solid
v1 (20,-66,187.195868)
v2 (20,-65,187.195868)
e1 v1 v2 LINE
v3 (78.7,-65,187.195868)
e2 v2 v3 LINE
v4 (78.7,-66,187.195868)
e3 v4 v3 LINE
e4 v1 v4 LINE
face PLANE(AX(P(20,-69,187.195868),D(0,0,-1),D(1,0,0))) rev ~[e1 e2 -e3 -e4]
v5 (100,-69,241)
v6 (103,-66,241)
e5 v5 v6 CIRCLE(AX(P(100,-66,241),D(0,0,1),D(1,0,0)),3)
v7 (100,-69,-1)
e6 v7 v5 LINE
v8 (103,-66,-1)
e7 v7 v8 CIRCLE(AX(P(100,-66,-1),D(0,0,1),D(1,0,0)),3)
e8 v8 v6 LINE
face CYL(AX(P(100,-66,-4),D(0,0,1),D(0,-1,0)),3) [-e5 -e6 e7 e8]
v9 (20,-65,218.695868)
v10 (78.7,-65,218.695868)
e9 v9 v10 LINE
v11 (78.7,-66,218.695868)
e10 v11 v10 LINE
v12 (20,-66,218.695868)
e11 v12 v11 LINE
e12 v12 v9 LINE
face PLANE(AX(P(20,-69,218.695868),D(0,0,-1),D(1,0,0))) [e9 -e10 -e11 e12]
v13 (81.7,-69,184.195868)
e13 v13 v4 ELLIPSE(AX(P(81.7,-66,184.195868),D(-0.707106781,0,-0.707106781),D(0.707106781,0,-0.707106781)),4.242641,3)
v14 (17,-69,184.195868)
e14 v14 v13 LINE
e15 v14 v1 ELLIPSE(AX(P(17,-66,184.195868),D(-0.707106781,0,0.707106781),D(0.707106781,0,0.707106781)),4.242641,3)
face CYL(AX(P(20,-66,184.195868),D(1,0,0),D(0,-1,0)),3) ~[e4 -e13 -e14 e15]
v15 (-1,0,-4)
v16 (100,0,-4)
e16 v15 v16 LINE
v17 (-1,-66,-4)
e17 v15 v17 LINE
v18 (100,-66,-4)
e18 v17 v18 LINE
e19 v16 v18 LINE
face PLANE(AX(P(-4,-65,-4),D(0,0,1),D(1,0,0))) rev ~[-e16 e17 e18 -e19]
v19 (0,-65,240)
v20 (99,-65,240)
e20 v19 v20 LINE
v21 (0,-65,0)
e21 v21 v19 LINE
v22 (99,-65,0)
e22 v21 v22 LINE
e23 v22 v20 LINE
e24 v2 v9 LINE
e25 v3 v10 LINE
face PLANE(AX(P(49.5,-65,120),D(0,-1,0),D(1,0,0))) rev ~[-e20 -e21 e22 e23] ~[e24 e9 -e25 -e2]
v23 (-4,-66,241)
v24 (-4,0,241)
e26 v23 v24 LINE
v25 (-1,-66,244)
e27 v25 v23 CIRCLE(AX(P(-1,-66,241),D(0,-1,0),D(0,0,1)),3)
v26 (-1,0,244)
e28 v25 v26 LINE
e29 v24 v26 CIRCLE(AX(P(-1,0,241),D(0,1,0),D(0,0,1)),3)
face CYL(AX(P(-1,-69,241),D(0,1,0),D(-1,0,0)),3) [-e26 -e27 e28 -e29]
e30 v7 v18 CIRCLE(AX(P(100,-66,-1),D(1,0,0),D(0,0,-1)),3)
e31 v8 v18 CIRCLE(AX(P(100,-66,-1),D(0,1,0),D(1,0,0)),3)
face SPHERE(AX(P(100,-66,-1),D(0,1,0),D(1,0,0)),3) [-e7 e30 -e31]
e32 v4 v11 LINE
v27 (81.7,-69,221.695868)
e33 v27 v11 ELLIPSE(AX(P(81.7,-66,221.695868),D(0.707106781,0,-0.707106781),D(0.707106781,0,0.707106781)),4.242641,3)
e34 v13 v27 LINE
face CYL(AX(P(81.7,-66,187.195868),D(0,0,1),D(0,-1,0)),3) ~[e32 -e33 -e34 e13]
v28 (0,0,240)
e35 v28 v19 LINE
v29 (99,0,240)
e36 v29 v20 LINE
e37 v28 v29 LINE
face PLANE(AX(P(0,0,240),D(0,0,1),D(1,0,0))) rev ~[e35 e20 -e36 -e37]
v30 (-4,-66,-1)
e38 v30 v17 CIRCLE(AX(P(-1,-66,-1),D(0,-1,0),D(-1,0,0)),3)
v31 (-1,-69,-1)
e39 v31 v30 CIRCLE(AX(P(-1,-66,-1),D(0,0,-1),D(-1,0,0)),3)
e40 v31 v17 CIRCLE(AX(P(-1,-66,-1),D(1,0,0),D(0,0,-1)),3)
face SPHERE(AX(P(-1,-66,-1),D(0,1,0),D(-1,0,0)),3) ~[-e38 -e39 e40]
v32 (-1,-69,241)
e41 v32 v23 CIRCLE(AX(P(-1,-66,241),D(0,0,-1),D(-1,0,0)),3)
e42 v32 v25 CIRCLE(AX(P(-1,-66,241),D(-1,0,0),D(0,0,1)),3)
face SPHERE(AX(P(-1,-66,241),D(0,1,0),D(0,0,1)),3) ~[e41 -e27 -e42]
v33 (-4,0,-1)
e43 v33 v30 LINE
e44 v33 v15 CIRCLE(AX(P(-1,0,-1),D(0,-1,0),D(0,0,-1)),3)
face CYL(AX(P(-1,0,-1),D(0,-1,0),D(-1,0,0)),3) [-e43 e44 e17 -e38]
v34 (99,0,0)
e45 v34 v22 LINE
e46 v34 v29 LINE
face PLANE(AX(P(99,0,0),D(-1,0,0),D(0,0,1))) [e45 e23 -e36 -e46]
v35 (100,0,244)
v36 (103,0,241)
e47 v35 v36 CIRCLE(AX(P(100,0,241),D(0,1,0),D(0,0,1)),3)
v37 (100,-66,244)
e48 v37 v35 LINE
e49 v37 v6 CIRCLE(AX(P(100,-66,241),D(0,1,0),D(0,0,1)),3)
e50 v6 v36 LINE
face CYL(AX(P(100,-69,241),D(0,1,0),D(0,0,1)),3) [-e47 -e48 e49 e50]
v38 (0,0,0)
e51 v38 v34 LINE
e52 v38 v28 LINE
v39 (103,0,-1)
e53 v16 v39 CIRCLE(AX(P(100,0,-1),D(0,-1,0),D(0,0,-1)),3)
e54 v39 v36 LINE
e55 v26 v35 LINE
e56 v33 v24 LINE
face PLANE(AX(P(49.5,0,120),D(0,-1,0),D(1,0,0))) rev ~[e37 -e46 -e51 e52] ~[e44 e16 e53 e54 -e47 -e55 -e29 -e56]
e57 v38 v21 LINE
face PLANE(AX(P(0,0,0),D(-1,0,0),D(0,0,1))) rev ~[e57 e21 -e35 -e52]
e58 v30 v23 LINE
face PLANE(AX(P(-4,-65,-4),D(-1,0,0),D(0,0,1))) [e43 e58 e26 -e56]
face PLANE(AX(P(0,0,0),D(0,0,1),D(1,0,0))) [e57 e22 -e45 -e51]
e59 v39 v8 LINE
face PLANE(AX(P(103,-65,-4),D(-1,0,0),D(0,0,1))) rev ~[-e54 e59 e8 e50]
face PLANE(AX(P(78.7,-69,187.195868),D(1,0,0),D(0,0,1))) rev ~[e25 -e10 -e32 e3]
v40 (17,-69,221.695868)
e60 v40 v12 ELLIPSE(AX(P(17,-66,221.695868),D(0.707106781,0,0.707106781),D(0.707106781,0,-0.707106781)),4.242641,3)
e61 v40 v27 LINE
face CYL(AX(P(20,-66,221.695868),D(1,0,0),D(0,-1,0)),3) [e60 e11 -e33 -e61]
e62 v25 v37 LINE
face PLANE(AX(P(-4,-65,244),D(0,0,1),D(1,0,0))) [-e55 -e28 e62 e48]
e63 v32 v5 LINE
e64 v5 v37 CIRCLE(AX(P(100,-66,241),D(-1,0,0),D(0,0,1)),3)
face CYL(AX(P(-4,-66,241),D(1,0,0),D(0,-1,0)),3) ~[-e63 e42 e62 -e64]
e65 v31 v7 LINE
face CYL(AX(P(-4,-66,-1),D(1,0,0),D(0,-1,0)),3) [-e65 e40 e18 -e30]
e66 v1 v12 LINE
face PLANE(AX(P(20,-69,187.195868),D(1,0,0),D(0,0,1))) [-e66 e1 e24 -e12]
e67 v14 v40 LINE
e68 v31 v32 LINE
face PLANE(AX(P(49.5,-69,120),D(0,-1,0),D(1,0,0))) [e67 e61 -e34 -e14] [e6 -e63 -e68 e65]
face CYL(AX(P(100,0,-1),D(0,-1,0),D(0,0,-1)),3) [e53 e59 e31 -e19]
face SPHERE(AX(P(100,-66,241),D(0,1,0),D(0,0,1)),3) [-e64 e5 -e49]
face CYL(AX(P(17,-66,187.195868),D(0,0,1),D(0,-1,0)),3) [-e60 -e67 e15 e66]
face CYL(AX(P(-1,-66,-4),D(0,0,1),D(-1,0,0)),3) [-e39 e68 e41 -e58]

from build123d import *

# Parameters (mm, degrees)
F0_W     = 107
F0_H     = 248
F0_W_2   = 99
F0_H_2   = 240
F1_DEPTH = 65
F2_W     = 107
F2_H     = 248
F2_W_2   = 99
F2_H_2   = 240
F3_DEPTH = 4
F4_W     = 58.7
F4_H     = 31.5
F5_DEPTH = 25
F6_R     = 3


with BuildPart() as f1:
    # F0 (on Front) → F1 (new body)
    with BuildSketch(Plane.XZ):
        with Locations((49.5, 120)):
            Rectangle(F0_W, F0_H)
        with Locations((49.5, 120)):
            Rectangle(F0_W_2, F0_H_2, mode=Mode.SUBTRACT)
    extrude(amount=F1_DEPTH)

    # F2 (on face) → F3 (join)
    with BuildSketch(Plane.XZ.offset(65)):
        with Locations((49.5, 120)):
            Rectangle(F2_W, F2_H)
        with Locations((49.5, 120)):
            Rectangle(F2_W_2, F2_H_2, mode=Mode.SUBTRACT)
        with Locations((49.5, 120)):
            Rectangle(F2_W_2, F2_H_2)
    extrude(amount=F3_DEPTH)

    # F4 (on face) → F5 (cut)
    with BuildSketch(Plane.XZ.offset(69)):
        with Locations((49.35, 202.9458682446)):
            Rectangle(F4_W, F4_H)
    extrude(amount=-F5_DEPTH, mode=Mode.SUBTRACT)

    # F6
    f6_edges = [f1.edges().sort_by_distance(p)[0] for p in [
        (-4, -34.5, 244),
        (103, -34.5, 244),
        (-4, -34.5, -4),
        (103, -34.5, -4),
        (49.5, -69, 244),
        (103, -69, 120),
        (-4, -69, 120),
        (49.5, -69, -4),
        (49.35, -69, 218.695868),
        (20, -69, 202.945868),
        (49.35, -69, 187.195868),
        (78.7, -69, 202.945868),
    ]]
    fillet(f6_edges, radius=F6_R)


solid = f1.part
